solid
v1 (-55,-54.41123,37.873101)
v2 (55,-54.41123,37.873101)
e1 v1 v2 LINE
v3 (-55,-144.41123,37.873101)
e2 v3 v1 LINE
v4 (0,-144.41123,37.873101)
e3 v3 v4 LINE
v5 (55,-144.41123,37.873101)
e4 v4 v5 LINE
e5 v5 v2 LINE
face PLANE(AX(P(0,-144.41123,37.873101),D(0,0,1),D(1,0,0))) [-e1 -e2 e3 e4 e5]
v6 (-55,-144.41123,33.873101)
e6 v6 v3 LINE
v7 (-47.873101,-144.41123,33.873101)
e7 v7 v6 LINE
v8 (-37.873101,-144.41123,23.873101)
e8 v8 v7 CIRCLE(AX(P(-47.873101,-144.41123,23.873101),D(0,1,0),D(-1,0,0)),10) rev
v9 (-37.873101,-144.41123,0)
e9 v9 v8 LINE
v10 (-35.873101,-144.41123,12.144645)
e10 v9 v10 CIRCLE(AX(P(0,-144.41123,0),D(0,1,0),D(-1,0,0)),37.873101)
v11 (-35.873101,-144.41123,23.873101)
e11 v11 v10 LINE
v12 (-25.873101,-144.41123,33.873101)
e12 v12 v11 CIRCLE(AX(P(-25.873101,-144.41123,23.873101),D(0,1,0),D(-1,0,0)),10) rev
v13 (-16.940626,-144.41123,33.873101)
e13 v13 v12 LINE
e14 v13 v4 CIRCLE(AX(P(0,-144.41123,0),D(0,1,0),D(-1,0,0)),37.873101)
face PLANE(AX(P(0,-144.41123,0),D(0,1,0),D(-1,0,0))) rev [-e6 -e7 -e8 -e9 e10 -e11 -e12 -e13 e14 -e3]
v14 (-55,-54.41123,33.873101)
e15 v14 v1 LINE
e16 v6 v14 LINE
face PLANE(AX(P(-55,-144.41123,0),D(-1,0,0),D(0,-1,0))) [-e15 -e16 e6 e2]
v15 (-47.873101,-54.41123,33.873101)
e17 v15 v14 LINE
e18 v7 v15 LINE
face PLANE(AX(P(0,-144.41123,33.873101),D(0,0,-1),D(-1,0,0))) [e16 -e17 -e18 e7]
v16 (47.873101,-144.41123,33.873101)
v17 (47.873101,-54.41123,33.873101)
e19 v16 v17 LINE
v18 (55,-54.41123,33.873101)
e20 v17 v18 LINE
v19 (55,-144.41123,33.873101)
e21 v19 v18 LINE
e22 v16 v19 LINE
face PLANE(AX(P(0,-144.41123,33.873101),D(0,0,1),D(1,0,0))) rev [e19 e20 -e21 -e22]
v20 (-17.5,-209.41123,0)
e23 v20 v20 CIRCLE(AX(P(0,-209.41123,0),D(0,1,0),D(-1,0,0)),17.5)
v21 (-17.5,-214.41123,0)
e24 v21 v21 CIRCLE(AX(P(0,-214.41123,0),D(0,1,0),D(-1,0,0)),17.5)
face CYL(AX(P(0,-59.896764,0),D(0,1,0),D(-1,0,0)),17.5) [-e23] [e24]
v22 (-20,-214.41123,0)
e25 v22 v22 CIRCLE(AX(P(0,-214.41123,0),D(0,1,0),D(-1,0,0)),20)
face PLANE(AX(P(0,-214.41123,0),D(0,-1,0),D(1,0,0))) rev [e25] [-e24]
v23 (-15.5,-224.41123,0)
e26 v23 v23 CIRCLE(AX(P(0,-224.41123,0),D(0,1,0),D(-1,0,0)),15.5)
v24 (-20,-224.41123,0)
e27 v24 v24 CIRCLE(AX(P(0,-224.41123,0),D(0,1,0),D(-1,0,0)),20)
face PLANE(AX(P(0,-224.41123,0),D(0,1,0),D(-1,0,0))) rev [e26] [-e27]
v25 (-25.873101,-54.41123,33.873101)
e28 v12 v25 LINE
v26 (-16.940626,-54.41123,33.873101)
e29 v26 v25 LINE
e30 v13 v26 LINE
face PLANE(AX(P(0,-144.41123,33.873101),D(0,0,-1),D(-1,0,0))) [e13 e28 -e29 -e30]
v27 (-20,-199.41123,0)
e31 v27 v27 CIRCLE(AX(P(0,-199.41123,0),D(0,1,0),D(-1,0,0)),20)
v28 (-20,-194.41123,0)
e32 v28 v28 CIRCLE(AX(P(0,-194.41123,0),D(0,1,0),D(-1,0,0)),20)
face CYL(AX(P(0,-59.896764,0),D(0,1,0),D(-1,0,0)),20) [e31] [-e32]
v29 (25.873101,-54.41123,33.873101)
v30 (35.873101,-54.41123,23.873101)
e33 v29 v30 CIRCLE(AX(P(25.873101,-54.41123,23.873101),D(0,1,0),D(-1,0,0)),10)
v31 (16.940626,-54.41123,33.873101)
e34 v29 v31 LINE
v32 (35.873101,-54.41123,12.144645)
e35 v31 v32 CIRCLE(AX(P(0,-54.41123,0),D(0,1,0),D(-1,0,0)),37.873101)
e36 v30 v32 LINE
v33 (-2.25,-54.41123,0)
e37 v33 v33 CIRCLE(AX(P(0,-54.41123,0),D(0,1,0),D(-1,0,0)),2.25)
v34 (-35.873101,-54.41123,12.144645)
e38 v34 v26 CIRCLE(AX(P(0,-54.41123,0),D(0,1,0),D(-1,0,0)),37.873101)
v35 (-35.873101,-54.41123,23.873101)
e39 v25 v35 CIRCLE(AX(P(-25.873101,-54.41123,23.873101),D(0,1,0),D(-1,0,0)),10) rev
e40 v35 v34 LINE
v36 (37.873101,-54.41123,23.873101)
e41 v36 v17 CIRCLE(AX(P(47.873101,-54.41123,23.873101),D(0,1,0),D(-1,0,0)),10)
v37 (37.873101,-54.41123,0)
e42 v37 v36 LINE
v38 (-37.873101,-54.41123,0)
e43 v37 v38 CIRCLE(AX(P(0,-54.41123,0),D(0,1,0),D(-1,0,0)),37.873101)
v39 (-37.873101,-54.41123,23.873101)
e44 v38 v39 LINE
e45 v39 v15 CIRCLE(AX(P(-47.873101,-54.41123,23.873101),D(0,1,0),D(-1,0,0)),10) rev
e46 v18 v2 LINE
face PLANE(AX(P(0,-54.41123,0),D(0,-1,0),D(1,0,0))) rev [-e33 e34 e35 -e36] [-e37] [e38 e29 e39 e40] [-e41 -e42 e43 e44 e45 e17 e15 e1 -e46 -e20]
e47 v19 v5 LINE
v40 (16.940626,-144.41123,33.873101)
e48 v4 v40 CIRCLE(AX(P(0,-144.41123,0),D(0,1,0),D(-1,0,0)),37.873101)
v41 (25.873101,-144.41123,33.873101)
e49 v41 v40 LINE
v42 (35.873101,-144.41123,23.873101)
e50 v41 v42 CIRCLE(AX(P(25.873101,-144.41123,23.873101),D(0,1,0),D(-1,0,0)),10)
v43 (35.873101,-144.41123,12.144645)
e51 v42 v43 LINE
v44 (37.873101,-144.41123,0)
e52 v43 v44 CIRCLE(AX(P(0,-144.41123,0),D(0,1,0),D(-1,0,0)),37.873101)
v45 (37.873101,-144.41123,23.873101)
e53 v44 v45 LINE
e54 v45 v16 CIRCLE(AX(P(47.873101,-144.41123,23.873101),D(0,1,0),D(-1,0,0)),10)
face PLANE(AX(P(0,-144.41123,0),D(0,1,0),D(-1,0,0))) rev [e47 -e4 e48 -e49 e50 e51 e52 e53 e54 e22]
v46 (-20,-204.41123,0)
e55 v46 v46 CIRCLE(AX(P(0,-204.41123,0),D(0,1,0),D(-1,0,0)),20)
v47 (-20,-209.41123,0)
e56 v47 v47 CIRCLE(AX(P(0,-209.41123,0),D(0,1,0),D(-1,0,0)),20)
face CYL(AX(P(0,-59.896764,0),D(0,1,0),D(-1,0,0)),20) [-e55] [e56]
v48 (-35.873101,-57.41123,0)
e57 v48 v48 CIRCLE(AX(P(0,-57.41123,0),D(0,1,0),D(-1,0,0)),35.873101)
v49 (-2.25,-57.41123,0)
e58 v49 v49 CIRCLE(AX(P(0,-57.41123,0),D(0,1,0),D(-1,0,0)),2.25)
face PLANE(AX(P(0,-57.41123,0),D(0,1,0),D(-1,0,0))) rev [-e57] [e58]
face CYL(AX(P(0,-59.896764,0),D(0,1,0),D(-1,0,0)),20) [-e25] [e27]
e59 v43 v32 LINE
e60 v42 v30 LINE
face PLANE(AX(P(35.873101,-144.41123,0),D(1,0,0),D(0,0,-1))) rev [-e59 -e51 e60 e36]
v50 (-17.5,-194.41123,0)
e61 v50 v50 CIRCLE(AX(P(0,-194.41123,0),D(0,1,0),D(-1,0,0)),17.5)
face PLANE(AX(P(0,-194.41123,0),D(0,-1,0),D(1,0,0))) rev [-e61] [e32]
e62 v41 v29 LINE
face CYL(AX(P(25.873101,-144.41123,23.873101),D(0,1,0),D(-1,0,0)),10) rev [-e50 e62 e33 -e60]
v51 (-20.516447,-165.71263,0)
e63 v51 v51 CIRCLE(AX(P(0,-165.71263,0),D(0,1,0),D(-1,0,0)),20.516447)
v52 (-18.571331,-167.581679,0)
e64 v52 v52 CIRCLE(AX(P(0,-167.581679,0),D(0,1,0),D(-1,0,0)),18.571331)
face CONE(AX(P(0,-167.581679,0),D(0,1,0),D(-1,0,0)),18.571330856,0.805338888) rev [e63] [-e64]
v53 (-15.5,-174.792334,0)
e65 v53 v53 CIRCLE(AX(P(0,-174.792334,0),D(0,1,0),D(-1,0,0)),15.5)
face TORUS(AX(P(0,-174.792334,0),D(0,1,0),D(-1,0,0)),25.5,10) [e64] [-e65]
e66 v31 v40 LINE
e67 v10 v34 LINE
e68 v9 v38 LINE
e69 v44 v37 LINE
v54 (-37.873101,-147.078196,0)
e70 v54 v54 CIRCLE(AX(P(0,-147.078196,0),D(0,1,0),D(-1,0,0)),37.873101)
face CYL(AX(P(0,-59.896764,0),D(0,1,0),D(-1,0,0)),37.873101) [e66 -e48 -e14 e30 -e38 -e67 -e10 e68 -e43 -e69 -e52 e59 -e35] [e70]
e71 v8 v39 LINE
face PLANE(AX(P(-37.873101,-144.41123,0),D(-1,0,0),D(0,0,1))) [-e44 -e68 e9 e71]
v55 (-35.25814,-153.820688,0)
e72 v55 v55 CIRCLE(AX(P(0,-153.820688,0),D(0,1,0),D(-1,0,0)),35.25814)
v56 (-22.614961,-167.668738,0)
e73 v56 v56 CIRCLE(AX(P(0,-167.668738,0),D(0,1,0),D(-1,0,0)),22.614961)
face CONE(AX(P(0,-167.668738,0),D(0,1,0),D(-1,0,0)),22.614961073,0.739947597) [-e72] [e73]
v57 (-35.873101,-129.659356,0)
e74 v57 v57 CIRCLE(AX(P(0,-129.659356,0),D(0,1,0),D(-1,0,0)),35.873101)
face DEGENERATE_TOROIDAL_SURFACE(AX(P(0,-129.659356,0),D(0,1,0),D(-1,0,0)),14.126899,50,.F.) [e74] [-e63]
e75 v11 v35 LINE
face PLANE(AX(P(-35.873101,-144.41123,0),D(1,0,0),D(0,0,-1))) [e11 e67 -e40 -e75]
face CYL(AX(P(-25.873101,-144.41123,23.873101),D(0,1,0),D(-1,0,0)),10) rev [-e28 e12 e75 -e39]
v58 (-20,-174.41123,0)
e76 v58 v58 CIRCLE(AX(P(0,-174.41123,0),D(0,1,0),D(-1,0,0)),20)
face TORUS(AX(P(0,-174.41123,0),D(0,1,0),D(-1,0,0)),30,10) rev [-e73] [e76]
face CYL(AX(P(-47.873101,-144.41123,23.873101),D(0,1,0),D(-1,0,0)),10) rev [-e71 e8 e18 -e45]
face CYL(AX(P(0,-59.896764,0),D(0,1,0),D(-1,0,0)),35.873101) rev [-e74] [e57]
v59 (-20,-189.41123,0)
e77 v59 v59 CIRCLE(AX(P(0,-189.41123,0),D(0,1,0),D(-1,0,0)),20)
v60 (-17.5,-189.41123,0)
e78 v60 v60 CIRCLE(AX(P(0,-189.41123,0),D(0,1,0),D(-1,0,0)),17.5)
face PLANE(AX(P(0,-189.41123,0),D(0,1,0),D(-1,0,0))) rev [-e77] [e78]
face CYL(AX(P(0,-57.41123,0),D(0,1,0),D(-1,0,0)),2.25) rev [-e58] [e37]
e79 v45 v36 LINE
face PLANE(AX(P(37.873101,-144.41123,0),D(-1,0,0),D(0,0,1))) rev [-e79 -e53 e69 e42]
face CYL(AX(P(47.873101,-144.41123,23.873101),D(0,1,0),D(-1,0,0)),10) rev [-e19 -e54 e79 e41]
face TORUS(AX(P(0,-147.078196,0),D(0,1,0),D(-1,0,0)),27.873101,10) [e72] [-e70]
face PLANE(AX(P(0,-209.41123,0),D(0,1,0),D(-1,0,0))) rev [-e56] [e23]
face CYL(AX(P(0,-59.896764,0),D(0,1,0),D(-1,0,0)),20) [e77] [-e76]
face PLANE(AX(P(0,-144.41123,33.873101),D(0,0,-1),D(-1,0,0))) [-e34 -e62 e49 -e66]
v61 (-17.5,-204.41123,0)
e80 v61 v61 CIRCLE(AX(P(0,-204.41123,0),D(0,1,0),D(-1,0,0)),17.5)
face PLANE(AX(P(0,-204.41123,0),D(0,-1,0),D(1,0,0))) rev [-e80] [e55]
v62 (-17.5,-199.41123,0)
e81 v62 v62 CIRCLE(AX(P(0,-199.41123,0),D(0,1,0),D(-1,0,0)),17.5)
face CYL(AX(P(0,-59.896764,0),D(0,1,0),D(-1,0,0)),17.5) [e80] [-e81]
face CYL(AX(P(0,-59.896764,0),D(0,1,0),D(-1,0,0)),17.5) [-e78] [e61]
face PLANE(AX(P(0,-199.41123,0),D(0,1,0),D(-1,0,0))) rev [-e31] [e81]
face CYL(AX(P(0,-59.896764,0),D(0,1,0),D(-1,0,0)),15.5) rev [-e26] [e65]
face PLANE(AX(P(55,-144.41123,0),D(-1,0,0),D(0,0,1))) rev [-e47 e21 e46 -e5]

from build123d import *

# Parameters (mm, degrees)
EXTRUDE_1_DEPTH = 90
EXTRUDE_START   = -3
EXTRUDE_2_DEPTH = 3


with BuildPart() as part:
    # 草图2 → 旋转1 (revolve)
    with BuildSketch(Plane.XY, mode=Mode.PRIVATE) as revolve_1_sk:
        with BuildLine():
            Line((20, -224.411230387), (20, -214.411230387))
            Line((20, -214.411230387), (17.5, -214.411230387))
            Line((17.5, -214.411230387), (17.5, -209.411230387))
            Line((17.5, -209.411230387), (20, -209.411230387))
            Line((20, -209.411230387), (20, -204.411230387))
            Line((20, -204.411230387), (17.5, -204.411230387))
            Line((17.5, -204.411230387), (17.5, -199.411230387))
            Line((17.5, -199.411230387), (20, -199.411230387))
            Line((20, -199.411230387), (20, -194.411230387))
            Line((20, -194.411230387), (17.5, -194.411230387))
            Line((17.5, -194.411230387), (17.5, -189.411230387))
            Line((17.5, -189.411230387), (20, -189.411230387))
            Line((20, -189.411230387), (20, -174.411230387))
            ThreePointArc((20, -174.411230387), (20.676631798, -170.795320354), (22.614961073, -167.668738262))
            Line((22.614961073, -167.668738262), (35.258140309, -153.820687856))
            ThreePointArc((35.258140309, -153.820687856), (37.196469585, -150.694105764), (37.873101383, -147.078195731))
            Line((37.873101383, -147.078195731), (37.873101383, -54.411230387))
            Line((37.873101383, -54.411230387), (35.873101383, -54.411230387))
            Line((35.873101383, -54.411230387), (35.873101383, -129.659355933))
            ThreePointArc((35.873101383, -129.659355933), (31.874010536, -149.253139566), (20.5164471, -165.712630368))
            Line((20.5164471, -165.712630368), (18.571330856, -167.581679311))
            ThreePointArc((18.571330856, -167.581679311), (16.299818169, -170.873577472), (15.5, -174.792334198))
            Line((15.5, -174.792334198), (15.5, -224.411230387))
            Line((15.5, -224.411230387), (20, -224.411230387))
        make_face()
    revolve(revolve_1_sk.sketch.rotate(Axis((0, -59.896764436, 0), (0, -1, 0)), 180), axis=Axis((0, -59.896764436, 0), (0, -1, 0)))

    # 草图4 → 凸台-拉伸1 (add)
    with BuildSketch(Plane(origin=(0, -54.411230387, 0), x_dir=(1, 0, 0), z_dir=(0, 1, 0))):
        with BuildLine():
            ThreePointArc((-35.873101383, -12.144645138), (-37.369756581, -6.154112558), (-37.873101383, 0))
            Line((-37.873101383, 0), (-37.873101383, -23.873101383))
            ThreePointArc((-37.873101383, -23.873101383), (-40.802033571, -30.944169195), (-47.873101383, -33.873101383))
            Line((-47.873101383, -33.873101383), (-55, -33.873101383))
            Line((-55, -33.873101383), (-55, -37.873101383))
            Line((-55, -37.873101383), (0, -37.873101383))
            ThreePointArc((0, -37.873101383), (-8.703229445, -36.859538868), (-16.940626053, -33.873101383))
            Line((-16.940626053, -33.873101383), (-25.873101383, -33.873101383))
            ThreePointArc((-25.873101383, -33.873101383), (-32.944169195, -30.944169195), (-35.873101383, -23.873101383))
            Line((-35.873101383, -23.873101383), (-35.873101383, -12.144645138))
        make_face()
        with BuildLine():
            Line((37.873101383, -23.873101383), (37.873101383, 0))
            ThreePointArc((37.873101383, 0), (37.369756581, -6.154112558), (35.873101383, -12.144645138))
            Line((35.873101383, -12.144645138), (35.873101383, -23.873101383))
            ThreePointArc((35.873101383, -23.873101383), (32.944169195, -30.944169195), (25.873101383, -33.873101383))
            Line((25.873101383, -33.873101383), (16.940626053, -33.873101383))
            ThreePointArc((16.940626053, -33.873101383), (8.703229445, -36.859538868), (0, -37.873101383))
            Line((0, -37.873101383), (55, -37.873101383))
            Line((55, -37.873101383), (55, -33.873101383))
            Line((55, -33.873101383), (47.873101383, -33.873101383))
            ThreePointArc((47.873101383, -33.873101383), (40.802033571, -30.944169195), (37.873101383, -23.873101383))
        make_face()
        with BuildLine():
            ThreePointArc((0, -35.873101383), (-5.98941578, -35.369567448), (-11.810690307, -33.873101383))
            Line((-11.810690307, -33.873101383), (-16.940626053, -33.873101383))
            ThreePointArc((-16.940626053, -33.873101383), (-8.703229445, -36.859538868), (0, -37.873101383))
            Line((0, -37.873101383), (0, -35.873101383))
        make_face()
        with BuildLine():
            Line((16.940626053, -33.873101383), (11.810690307, -33.873101383))
            ThreePointArc((11.810690307, -33.873101383), (5.98941578, -35.369567448), (0, -35.873101383))
            Line((0, -35.873101383), (0, -37.873101383))
            ThreePointArc((0, -37.873101383), (8.703229445, -36.859538868), (16.940626053, -33.873101383))
        make_face()
    extrude(amount=-EXTRUDE_1_DEPTH)

    # 草图3 → 凸台-拉伸2 (add)
    with BuildSketch(Plane(origin=(0, -54.411230387, 0), x_dir=(1, 0, 0), z_dir=(0, 1, 0)).offset(EXTRUDE_START)):
        with BuildLine():
            ThreePointArc((35.873101383, 0), (25.36611325, 25.36611325), (0, 35.873101383))
            Line((0, 35.873101383), (0, 2.25))
            ThreePointArc((0, 2.25), (1.590990258, 1.590990258), (2.25, 0))
            ThreePointArc((2.25, 0), (1.590990258, -1.590990258), (0, -2.25))
            Line((0, -2.25), (0, -35.873101383))
            ThreePointArc((0, -35.873101383), (25.36611325, -25.36611325), (35.873101383, 0))
        make_face()
        with BuildLine():
            Line((0, 2.25), (0, 35.873101383))
            ThreePointArc((0, 35.873101383), (-35.873101383, 0), (0, -35.873101383))
            Line((0, -35.873101383), (0, -2.25))
            ThreePointArc((0, -2.25), (-2.25, 0), (0, 2.25))
        make_face()
        with BuildLine():
            ThreePointArc((37.873101383, 0), (26.780326812, 26.780326812), (0, 37.873101383))
            Line((0, 37.873101383), (0, 35.873101383))
            ThreePointArc((0, 35.873101383), (25.36611325, 25.36611325), (35.873101383, 0))
            ThreePointArc((35.873101383, 0), (25.36611325, -25.36611325), (0, -35.873101383))
            Line((0, -35.873101383), (0, -37.873101383))
            ThreePointArc((0, -37.873101383), (26.780326812, -26.780326812), (37.873101383, 0))
        make_face()
        with BuildLine():
            Line((0, 35.873101383), (0, 37.873101383))
            ThreePointArc((0, 37.873101383), (-37.873101383, 0), (0, -37.873101383))
            Line((0, -37.873101383), (0, -35.873101383))
            ThreePointArc((0, -35.873101383), (-35.873101383, 0), (0, 35.873101383))
        make_face()
    extrude(amount=EXTRUDE_2_DEPTH)


solid = part.part
